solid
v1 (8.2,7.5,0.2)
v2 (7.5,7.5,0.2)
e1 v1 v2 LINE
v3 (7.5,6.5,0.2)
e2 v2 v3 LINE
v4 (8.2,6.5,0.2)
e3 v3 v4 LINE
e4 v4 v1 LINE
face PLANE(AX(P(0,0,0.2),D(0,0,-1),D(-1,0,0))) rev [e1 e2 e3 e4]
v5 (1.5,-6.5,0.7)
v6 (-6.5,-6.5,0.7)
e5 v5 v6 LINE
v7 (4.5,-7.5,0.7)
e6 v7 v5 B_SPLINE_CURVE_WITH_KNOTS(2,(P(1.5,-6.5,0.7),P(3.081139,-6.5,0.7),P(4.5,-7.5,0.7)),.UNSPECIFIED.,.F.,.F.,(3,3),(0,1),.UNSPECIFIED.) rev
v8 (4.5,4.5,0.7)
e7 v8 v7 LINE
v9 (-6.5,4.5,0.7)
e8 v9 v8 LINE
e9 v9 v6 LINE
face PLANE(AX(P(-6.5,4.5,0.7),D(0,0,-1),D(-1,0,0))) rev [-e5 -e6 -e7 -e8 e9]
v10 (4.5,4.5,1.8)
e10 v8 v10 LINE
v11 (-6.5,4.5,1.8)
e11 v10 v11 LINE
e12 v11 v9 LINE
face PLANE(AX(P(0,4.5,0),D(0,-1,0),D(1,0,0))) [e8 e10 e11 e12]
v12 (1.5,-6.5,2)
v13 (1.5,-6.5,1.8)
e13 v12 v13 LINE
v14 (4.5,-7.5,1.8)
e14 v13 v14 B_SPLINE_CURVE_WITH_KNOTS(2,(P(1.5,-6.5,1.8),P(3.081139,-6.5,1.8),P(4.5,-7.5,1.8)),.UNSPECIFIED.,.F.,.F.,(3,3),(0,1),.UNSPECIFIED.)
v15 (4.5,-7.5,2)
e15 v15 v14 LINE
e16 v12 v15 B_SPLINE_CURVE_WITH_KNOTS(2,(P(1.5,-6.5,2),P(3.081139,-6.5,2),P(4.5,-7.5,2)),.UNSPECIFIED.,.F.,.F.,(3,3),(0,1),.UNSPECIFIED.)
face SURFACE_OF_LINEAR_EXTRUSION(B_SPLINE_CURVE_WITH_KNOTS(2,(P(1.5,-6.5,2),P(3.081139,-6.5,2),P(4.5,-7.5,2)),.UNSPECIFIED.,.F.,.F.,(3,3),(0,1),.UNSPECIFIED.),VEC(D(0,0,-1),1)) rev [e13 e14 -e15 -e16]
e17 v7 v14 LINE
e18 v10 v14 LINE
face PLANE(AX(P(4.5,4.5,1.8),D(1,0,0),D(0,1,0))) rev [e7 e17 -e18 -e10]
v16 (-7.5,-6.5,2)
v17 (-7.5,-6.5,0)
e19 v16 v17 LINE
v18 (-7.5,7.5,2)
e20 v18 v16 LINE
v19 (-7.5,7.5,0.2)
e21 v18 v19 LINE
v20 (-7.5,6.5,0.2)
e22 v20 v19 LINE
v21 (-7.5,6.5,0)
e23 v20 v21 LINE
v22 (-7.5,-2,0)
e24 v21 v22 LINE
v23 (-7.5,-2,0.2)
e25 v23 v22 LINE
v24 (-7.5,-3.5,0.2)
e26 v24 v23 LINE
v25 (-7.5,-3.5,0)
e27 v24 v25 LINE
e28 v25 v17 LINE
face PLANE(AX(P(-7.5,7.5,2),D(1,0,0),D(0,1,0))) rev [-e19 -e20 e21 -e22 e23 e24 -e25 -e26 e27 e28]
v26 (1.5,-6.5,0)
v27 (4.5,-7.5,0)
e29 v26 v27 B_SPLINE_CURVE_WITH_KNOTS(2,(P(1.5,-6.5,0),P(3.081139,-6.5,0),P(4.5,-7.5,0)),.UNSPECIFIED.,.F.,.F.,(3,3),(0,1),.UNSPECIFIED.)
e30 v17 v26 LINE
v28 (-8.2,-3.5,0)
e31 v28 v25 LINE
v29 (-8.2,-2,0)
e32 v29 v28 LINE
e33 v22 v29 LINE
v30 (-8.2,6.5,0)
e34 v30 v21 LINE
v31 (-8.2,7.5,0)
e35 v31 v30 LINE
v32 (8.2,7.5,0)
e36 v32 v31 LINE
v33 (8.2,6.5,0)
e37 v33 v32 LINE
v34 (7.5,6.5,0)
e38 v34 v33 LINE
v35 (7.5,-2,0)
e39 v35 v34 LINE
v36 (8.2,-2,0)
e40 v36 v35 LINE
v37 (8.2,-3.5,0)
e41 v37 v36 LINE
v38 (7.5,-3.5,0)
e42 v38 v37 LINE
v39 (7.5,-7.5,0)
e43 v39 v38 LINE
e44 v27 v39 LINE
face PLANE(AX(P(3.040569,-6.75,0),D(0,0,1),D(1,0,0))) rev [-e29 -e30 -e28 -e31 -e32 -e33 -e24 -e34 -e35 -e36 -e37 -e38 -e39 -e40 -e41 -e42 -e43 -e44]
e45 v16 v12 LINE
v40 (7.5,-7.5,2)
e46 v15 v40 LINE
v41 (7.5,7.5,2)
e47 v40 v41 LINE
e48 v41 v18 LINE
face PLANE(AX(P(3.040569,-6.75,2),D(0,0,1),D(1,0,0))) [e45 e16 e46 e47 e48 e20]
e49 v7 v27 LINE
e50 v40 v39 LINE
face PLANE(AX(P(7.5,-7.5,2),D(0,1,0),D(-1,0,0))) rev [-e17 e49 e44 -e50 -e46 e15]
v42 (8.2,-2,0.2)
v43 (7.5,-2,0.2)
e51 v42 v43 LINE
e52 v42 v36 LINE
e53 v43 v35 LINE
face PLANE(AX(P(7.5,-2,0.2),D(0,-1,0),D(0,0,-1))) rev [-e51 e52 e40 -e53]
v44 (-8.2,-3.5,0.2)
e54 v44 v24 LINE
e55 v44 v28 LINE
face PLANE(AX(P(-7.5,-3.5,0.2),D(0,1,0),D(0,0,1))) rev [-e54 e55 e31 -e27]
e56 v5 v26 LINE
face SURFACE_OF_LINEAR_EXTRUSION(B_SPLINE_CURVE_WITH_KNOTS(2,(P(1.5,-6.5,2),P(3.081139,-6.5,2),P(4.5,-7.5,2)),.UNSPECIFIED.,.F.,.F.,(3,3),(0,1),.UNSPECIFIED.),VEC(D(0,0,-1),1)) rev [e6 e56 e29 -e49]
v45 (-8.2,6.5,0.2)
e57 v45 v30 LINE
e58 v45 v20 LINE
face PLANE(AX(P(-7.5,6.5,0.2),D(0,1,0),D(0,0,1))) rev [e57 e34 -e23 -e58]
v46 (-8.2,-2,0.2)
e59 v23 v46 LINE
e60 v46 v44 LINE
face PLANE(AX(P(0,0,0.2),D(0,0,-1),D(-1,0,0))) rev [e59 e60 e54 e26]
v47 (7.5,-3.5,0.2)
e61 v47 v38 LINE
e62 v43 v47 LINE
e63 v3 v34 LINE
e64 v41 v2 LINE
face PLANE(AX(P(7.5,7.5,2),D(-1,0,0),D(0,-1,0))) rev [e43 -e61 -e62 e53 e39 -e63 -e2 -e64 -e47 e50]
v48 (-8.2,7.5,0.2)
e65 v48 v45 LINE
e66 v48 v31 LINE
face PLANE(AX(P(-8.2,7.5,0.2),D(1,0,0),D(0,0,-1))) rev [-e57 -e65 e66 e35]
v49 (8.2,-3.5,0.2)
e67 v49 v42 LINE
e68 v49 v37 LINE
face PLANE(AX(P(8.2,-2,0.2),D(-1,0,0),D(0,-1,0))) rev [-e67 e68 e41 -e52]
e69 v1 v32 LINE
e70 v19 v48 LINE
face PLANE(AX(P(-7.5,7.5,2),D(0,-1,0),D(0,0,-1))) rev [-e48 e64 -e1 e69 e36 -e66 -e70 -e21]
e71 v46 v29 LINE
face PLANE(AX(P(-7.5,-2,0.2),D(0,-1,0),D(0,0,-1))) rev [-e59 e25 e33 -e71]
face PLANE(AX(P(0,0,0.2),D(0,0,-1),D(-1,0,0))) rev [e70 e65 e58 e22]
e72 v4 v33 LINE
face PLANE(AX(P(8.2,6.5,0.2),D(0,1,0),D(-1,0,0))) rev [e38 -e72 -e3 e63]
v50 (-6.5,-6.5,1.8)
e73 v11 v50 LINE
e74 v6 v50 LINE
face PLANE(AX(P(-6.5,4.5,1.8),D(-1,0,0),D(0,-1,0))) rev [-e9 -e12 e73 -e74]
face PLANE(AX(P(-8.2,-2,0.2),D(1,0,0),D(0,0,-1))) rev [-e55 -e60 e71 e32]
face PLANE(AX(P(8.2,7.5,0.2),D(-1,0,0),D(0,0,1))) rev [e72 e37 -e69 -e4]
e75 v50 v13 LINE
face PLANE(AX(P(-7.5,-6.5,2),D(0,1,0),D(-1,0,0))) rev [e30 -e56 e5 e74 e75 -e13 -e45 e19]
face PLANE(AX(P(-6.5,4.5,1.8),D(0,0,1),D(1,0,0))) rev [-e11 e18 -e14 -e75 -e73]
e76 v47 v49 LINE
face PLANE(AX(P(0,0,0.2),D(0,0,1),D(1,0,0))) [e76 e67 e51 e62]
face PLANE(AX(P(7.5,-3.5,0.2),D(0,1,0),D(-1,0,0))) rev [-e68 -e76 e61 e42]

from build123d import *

# Parameters (mm, degrees)
BOSS_EXTRUDE1_DEPTH = 2
SKETCH2_W           = 11
SKETCH2_H           = 1.1
CUT_EXTRUDE1_DEPTH  = 12
SKETCH3_W           = 0.7
SKETCH3_H           = 1
SKETCH3_H_2         = 1.5
BOSS_EXTRUDE2_DEPTH = 0.2


with BuildPart() as part:
    # Sketch1 → Boss-Extrude1 (new body)
    with BuildSketch(Plane.XY):
        with BuildLine():
            Line((-7.5, 7.5), (7.5, 7.5))
            Line((7.5, 7.5), (7.5, -7.5))
            Line((7.5, -7.5), (4.5, -7.5))
            add(Edge.make_bspline(
                [(1.5, -6.5), (3.08113883, -6.5), (4.5, -7.5)],
                knots=[0, 0, 0, 1, 1, 1], degree=2))
            Line((1.5, -6.5), (-7.5, -6.5))
            Line((-7.5, -6.5), (-7.5, 7.5))
        make_face()
    extrude(amount=BOSS_EXTRUDE1_DEPTH)

    # Sketch2 → Cut-Extrude1 (cut)
    with BuildSketch(Plane.XZ.offset(7.5)):
        with Locations((-1, 1.25)):
            Rectangle(SKETCH2_W, SKETCH2_H)
    extrude(amount=-CUT_EXTRUDE1_DEPTH, mode=Mode.SUBTRACT)

    # Sketch3 → Boss-Extrude2 (add)
    with BuildSketch(Plane.XY):
        with Locations((7.85, 7)):
            Rectangle(SKETCH3_W, SKETCH3_H)
        with Locations((-7.85, 7)):
            Rectangle(SKETCH3_W, SKETCH3_H)
        with Locations((-7.85, -2.75)):
            Rectangle(SKETCH3_W, SKETCH3_H_2)
        with Locations((7.85, -2.75)):
            Rectangle(SKETCH3_W, SKETCH3_H_2)
    extrude(amount=BOSS_EXTRUDE2_DEPTH)


solid = part.part
